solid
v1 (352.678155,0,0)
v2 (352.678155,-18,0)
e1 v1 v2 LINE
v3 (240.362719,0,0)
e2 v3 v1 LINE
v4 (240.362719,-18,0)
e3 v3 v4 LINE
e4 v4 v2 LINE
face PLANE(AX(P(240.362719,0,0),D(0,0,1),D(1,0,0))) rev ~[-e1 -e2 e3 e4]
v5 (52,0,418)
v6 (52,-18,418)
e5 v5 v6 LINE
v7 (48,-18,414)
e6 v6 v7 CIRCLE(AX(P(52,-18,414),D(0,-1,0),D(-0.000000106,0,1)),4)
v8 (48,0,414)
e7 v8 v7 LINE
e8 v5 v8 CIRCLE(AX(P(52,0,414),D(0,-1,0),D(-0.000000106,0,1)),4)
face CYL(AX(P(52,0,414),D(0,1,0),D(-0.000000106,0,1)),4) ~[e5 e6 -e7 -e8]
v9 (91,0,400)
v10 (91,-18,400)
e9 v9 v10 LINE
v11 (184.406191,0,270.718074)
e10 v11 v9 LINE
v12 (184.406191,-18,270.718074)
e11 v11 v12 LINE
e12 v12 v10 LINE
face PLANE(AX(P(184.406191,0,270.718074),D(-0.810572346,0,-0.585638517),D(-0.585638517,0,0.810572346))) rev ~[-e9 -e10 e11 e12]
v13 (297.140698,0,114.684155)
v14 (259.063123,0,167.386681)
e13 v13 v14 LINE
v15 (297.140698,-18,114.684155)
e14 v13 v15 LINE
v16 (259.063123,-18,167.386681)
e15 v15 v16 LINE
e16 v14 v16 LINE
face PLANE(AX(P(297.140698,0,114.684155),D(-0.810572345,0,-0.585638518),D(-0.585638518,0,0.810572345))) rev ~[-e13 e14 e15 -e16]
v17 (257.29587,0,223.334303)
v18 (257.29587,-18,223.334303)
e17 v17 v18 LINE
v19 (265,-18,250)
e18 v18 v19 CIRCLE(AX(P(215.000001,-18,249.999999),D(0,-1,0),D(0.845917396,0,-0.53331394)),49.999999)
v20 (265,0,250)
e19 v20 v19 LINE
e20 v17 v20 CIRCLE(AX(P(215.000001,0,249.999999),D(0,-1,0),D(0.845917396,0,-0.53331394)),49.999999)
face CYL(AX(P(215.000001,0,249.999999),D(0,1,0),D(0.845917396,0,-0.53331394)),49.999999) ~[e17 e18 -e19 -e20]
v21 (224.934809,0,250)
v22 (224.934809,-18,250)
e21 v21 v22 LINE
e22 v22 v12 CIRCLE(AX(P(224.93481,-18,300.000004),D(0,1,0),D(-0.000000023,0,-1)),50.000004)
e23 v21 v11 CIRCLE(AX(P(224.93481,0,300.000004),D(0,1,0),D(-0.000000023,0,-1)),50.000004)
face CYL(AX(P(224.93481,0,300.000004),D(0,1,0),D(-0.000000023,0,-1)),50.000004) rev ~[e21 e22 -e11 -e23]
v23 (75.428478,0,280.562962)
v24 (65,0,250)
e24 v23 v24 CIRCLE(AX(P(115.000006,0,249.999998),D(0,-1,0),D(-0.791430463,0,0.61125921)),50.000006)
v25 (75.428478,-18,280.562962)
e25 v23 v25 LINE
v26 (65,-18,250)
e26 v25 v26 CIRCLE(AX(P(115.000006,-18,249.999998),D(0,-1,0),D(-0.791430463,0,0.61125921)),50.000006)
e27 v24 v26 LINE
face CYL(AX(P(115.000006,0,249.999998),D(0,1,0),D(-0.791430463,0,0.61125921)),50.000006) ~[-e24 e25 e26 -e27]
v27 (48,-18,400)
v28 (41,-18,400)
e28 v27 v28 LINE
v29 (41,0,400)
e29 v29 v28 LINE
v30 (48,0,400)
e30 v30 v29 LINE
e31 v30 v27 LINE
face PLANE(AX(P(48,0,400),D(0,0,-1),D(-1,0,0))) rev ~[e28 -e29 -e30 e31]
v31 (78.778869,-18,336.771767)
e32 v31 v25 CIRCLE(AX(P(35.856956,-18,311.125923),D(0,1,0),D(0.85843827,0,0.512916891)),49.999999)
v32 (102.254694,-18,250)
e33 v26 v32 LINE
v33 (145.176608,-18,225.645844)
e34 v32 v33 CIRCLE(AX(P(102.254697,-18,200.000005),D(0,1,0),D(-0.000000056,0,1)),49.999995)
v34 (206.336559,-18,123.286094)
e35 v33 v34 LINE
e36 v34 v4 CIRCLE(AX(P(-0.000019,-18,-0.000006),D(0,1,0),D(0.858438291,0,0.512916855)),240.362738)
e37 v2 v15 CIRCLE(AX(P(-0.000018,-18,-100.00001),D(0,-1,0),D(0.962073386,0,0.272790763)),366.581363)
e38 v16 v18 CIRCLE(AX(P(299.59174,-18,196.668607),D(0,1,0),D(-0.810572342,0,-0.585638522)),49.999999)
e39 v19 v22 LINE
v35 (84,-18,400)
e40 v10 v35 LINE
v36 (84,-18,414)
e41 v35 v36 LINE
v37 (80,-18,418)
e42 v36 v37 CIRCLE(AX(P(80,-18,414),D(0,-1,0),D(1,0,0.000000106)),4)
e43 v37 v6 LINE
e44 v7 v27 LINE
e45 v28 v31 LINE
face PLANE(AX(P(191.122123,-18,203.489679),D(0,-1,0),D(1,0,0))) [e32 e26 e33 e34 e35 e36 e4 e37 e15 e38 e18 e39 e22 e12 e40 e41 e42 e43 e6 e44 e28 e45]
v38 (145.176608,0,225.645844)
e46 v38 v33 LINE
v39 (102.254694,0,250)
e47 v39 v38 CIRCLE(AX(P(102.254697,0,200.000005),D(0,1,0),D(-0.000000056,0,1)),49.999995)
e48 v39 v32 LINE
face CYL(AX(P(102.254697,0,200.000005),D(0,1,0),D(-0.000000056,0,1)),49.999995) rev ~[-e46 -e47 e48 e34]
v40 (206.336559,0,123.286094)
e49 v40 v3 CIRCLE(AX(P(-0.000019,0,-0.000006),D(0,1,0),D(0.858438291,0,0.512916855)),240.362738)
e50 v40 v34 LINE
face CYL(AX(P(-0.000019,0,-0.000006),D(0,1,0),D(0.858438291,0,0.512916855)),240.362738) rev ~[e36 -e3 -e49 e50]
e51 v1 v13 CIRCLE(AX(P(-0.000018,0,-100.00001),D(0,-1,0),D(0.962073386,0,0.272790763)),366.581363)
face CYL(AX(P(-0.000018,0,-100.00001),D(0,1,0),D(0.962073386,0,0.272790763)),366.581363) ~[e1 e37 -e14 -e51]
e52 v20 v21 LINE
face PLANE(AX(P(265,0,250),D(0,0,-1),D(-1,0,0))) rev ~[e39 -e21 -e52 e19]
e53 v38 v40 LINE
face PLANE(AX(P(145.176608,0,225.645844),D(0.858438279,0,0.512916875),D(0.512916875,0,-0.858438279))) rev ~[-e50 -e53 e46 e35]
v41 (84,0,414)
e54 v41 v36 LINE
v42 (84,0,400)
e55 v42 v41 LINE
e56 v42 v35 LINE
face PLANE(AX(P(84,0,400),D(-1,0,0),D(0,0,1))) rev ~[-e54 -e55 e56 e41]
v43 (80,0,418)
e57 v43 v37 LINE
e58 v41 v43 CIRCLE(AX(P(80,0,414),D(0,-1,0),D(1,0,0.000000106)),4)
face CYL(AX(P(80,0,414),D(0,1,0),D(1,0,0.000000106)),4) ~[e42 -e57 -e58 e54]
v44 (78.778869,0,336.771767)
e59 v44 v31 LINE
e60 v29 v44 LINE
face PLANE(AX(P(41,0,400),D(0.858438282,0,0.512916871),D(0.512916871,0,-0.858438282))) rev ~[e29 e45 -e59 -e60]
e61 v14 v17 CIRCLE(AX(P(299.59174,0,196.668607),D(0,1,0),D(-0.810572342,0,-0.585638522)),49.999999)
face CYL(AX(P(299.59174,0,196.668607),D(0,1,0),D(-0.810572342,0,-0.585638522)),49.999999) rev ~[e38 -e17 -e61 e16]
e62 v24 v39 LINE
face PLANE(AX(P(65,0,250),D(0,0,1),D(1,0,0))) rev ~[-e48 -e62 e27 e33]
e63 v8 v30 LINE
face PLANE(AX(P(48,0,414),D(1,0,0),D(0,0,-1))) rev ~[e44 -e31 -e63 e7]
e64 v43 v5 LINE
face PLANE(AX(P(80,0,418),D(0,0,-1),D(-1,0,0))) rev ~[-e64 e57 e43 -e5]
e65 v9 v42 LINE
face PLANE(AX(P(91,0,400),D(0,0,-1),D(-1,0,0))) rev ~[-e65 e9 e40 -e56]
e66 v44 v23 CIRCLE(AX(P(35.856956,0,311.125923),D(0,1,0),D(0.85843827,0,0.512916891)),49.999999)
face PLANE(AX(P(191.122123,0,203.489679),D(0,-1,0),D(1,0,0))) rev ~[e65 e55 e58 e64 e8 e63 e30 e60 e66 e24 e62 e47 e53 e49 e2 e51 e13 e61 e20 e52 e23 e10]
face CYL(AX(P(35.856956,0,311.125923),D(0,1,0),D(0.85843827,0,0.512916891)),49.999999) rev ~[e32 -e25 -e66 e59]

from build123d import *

# Parameters (mm, degrees)
F1_DEPTH = 18


with BuildPart() as f1:
    # F0 (on Front) → F1 (new body)
    with BuildSketch(Plane.XZ):
        with BuildLine():
            Line((240.362719, 0), (280, 0))
            Line((280, 0), (352.678155, 0))
            ThreePointArc((352.678155, 0), (329.930673, 59.773689), (297.140698, 114.684155))
            Line((297.140698, 114.684155), (259.063123, 167.386681))
            ThreePointArc((259.063123, 167.386681), (249.616666, 195.090013), (257.29587, 223.334303))
            ThreePointArc((257.29587, 223.334303), (263.03537, 236.121843), (265, 250))
            Line((265, 250), (224.934809, 250))
            ThreePointArc((224.934809, 250), (202.176253, 255.479801), (184.406191, 270.718074))
            Line((184.406191, 270.718074), (91, 400))
            Line((91, 400), (84, 400))
            Line((84, 400), (84, 414))
            ThreePointArc((84, 414), (82.828427, 416.828427), (80, 418))
            Line((80, 418), (52, 418))
            ThreePointArc((52, 418), (49.171573, 416.828427), (48, 414))
            Line((48, 414), (48, 400))
            Line((48, 400), (41, 400))
            Line((41, 400), (78.778869, 336.771767))
            ThreePointArc((78.778869, 336.771767), (85.768369, 308.150895), (75.428478, 280.562962))
            ThreePointArc((75.428478, 280.562962), (67.678884, 266.146577), (65, 250))
            Line((65, 250), (102.254694, 250))
            ThreePointArc((102.254694, 250), (126.92966, 243.48731), (145.176608, 225.645844))
            Line((145.176608, 225.645844), (206.336559, 123.286094))
            ThreePointArc((206.336559, 123.286094), (231.700078, 63.947714), (240.362719, 0))
        make_face()
    extrude(amount=F1_DEPTH)


solid = f1.part
